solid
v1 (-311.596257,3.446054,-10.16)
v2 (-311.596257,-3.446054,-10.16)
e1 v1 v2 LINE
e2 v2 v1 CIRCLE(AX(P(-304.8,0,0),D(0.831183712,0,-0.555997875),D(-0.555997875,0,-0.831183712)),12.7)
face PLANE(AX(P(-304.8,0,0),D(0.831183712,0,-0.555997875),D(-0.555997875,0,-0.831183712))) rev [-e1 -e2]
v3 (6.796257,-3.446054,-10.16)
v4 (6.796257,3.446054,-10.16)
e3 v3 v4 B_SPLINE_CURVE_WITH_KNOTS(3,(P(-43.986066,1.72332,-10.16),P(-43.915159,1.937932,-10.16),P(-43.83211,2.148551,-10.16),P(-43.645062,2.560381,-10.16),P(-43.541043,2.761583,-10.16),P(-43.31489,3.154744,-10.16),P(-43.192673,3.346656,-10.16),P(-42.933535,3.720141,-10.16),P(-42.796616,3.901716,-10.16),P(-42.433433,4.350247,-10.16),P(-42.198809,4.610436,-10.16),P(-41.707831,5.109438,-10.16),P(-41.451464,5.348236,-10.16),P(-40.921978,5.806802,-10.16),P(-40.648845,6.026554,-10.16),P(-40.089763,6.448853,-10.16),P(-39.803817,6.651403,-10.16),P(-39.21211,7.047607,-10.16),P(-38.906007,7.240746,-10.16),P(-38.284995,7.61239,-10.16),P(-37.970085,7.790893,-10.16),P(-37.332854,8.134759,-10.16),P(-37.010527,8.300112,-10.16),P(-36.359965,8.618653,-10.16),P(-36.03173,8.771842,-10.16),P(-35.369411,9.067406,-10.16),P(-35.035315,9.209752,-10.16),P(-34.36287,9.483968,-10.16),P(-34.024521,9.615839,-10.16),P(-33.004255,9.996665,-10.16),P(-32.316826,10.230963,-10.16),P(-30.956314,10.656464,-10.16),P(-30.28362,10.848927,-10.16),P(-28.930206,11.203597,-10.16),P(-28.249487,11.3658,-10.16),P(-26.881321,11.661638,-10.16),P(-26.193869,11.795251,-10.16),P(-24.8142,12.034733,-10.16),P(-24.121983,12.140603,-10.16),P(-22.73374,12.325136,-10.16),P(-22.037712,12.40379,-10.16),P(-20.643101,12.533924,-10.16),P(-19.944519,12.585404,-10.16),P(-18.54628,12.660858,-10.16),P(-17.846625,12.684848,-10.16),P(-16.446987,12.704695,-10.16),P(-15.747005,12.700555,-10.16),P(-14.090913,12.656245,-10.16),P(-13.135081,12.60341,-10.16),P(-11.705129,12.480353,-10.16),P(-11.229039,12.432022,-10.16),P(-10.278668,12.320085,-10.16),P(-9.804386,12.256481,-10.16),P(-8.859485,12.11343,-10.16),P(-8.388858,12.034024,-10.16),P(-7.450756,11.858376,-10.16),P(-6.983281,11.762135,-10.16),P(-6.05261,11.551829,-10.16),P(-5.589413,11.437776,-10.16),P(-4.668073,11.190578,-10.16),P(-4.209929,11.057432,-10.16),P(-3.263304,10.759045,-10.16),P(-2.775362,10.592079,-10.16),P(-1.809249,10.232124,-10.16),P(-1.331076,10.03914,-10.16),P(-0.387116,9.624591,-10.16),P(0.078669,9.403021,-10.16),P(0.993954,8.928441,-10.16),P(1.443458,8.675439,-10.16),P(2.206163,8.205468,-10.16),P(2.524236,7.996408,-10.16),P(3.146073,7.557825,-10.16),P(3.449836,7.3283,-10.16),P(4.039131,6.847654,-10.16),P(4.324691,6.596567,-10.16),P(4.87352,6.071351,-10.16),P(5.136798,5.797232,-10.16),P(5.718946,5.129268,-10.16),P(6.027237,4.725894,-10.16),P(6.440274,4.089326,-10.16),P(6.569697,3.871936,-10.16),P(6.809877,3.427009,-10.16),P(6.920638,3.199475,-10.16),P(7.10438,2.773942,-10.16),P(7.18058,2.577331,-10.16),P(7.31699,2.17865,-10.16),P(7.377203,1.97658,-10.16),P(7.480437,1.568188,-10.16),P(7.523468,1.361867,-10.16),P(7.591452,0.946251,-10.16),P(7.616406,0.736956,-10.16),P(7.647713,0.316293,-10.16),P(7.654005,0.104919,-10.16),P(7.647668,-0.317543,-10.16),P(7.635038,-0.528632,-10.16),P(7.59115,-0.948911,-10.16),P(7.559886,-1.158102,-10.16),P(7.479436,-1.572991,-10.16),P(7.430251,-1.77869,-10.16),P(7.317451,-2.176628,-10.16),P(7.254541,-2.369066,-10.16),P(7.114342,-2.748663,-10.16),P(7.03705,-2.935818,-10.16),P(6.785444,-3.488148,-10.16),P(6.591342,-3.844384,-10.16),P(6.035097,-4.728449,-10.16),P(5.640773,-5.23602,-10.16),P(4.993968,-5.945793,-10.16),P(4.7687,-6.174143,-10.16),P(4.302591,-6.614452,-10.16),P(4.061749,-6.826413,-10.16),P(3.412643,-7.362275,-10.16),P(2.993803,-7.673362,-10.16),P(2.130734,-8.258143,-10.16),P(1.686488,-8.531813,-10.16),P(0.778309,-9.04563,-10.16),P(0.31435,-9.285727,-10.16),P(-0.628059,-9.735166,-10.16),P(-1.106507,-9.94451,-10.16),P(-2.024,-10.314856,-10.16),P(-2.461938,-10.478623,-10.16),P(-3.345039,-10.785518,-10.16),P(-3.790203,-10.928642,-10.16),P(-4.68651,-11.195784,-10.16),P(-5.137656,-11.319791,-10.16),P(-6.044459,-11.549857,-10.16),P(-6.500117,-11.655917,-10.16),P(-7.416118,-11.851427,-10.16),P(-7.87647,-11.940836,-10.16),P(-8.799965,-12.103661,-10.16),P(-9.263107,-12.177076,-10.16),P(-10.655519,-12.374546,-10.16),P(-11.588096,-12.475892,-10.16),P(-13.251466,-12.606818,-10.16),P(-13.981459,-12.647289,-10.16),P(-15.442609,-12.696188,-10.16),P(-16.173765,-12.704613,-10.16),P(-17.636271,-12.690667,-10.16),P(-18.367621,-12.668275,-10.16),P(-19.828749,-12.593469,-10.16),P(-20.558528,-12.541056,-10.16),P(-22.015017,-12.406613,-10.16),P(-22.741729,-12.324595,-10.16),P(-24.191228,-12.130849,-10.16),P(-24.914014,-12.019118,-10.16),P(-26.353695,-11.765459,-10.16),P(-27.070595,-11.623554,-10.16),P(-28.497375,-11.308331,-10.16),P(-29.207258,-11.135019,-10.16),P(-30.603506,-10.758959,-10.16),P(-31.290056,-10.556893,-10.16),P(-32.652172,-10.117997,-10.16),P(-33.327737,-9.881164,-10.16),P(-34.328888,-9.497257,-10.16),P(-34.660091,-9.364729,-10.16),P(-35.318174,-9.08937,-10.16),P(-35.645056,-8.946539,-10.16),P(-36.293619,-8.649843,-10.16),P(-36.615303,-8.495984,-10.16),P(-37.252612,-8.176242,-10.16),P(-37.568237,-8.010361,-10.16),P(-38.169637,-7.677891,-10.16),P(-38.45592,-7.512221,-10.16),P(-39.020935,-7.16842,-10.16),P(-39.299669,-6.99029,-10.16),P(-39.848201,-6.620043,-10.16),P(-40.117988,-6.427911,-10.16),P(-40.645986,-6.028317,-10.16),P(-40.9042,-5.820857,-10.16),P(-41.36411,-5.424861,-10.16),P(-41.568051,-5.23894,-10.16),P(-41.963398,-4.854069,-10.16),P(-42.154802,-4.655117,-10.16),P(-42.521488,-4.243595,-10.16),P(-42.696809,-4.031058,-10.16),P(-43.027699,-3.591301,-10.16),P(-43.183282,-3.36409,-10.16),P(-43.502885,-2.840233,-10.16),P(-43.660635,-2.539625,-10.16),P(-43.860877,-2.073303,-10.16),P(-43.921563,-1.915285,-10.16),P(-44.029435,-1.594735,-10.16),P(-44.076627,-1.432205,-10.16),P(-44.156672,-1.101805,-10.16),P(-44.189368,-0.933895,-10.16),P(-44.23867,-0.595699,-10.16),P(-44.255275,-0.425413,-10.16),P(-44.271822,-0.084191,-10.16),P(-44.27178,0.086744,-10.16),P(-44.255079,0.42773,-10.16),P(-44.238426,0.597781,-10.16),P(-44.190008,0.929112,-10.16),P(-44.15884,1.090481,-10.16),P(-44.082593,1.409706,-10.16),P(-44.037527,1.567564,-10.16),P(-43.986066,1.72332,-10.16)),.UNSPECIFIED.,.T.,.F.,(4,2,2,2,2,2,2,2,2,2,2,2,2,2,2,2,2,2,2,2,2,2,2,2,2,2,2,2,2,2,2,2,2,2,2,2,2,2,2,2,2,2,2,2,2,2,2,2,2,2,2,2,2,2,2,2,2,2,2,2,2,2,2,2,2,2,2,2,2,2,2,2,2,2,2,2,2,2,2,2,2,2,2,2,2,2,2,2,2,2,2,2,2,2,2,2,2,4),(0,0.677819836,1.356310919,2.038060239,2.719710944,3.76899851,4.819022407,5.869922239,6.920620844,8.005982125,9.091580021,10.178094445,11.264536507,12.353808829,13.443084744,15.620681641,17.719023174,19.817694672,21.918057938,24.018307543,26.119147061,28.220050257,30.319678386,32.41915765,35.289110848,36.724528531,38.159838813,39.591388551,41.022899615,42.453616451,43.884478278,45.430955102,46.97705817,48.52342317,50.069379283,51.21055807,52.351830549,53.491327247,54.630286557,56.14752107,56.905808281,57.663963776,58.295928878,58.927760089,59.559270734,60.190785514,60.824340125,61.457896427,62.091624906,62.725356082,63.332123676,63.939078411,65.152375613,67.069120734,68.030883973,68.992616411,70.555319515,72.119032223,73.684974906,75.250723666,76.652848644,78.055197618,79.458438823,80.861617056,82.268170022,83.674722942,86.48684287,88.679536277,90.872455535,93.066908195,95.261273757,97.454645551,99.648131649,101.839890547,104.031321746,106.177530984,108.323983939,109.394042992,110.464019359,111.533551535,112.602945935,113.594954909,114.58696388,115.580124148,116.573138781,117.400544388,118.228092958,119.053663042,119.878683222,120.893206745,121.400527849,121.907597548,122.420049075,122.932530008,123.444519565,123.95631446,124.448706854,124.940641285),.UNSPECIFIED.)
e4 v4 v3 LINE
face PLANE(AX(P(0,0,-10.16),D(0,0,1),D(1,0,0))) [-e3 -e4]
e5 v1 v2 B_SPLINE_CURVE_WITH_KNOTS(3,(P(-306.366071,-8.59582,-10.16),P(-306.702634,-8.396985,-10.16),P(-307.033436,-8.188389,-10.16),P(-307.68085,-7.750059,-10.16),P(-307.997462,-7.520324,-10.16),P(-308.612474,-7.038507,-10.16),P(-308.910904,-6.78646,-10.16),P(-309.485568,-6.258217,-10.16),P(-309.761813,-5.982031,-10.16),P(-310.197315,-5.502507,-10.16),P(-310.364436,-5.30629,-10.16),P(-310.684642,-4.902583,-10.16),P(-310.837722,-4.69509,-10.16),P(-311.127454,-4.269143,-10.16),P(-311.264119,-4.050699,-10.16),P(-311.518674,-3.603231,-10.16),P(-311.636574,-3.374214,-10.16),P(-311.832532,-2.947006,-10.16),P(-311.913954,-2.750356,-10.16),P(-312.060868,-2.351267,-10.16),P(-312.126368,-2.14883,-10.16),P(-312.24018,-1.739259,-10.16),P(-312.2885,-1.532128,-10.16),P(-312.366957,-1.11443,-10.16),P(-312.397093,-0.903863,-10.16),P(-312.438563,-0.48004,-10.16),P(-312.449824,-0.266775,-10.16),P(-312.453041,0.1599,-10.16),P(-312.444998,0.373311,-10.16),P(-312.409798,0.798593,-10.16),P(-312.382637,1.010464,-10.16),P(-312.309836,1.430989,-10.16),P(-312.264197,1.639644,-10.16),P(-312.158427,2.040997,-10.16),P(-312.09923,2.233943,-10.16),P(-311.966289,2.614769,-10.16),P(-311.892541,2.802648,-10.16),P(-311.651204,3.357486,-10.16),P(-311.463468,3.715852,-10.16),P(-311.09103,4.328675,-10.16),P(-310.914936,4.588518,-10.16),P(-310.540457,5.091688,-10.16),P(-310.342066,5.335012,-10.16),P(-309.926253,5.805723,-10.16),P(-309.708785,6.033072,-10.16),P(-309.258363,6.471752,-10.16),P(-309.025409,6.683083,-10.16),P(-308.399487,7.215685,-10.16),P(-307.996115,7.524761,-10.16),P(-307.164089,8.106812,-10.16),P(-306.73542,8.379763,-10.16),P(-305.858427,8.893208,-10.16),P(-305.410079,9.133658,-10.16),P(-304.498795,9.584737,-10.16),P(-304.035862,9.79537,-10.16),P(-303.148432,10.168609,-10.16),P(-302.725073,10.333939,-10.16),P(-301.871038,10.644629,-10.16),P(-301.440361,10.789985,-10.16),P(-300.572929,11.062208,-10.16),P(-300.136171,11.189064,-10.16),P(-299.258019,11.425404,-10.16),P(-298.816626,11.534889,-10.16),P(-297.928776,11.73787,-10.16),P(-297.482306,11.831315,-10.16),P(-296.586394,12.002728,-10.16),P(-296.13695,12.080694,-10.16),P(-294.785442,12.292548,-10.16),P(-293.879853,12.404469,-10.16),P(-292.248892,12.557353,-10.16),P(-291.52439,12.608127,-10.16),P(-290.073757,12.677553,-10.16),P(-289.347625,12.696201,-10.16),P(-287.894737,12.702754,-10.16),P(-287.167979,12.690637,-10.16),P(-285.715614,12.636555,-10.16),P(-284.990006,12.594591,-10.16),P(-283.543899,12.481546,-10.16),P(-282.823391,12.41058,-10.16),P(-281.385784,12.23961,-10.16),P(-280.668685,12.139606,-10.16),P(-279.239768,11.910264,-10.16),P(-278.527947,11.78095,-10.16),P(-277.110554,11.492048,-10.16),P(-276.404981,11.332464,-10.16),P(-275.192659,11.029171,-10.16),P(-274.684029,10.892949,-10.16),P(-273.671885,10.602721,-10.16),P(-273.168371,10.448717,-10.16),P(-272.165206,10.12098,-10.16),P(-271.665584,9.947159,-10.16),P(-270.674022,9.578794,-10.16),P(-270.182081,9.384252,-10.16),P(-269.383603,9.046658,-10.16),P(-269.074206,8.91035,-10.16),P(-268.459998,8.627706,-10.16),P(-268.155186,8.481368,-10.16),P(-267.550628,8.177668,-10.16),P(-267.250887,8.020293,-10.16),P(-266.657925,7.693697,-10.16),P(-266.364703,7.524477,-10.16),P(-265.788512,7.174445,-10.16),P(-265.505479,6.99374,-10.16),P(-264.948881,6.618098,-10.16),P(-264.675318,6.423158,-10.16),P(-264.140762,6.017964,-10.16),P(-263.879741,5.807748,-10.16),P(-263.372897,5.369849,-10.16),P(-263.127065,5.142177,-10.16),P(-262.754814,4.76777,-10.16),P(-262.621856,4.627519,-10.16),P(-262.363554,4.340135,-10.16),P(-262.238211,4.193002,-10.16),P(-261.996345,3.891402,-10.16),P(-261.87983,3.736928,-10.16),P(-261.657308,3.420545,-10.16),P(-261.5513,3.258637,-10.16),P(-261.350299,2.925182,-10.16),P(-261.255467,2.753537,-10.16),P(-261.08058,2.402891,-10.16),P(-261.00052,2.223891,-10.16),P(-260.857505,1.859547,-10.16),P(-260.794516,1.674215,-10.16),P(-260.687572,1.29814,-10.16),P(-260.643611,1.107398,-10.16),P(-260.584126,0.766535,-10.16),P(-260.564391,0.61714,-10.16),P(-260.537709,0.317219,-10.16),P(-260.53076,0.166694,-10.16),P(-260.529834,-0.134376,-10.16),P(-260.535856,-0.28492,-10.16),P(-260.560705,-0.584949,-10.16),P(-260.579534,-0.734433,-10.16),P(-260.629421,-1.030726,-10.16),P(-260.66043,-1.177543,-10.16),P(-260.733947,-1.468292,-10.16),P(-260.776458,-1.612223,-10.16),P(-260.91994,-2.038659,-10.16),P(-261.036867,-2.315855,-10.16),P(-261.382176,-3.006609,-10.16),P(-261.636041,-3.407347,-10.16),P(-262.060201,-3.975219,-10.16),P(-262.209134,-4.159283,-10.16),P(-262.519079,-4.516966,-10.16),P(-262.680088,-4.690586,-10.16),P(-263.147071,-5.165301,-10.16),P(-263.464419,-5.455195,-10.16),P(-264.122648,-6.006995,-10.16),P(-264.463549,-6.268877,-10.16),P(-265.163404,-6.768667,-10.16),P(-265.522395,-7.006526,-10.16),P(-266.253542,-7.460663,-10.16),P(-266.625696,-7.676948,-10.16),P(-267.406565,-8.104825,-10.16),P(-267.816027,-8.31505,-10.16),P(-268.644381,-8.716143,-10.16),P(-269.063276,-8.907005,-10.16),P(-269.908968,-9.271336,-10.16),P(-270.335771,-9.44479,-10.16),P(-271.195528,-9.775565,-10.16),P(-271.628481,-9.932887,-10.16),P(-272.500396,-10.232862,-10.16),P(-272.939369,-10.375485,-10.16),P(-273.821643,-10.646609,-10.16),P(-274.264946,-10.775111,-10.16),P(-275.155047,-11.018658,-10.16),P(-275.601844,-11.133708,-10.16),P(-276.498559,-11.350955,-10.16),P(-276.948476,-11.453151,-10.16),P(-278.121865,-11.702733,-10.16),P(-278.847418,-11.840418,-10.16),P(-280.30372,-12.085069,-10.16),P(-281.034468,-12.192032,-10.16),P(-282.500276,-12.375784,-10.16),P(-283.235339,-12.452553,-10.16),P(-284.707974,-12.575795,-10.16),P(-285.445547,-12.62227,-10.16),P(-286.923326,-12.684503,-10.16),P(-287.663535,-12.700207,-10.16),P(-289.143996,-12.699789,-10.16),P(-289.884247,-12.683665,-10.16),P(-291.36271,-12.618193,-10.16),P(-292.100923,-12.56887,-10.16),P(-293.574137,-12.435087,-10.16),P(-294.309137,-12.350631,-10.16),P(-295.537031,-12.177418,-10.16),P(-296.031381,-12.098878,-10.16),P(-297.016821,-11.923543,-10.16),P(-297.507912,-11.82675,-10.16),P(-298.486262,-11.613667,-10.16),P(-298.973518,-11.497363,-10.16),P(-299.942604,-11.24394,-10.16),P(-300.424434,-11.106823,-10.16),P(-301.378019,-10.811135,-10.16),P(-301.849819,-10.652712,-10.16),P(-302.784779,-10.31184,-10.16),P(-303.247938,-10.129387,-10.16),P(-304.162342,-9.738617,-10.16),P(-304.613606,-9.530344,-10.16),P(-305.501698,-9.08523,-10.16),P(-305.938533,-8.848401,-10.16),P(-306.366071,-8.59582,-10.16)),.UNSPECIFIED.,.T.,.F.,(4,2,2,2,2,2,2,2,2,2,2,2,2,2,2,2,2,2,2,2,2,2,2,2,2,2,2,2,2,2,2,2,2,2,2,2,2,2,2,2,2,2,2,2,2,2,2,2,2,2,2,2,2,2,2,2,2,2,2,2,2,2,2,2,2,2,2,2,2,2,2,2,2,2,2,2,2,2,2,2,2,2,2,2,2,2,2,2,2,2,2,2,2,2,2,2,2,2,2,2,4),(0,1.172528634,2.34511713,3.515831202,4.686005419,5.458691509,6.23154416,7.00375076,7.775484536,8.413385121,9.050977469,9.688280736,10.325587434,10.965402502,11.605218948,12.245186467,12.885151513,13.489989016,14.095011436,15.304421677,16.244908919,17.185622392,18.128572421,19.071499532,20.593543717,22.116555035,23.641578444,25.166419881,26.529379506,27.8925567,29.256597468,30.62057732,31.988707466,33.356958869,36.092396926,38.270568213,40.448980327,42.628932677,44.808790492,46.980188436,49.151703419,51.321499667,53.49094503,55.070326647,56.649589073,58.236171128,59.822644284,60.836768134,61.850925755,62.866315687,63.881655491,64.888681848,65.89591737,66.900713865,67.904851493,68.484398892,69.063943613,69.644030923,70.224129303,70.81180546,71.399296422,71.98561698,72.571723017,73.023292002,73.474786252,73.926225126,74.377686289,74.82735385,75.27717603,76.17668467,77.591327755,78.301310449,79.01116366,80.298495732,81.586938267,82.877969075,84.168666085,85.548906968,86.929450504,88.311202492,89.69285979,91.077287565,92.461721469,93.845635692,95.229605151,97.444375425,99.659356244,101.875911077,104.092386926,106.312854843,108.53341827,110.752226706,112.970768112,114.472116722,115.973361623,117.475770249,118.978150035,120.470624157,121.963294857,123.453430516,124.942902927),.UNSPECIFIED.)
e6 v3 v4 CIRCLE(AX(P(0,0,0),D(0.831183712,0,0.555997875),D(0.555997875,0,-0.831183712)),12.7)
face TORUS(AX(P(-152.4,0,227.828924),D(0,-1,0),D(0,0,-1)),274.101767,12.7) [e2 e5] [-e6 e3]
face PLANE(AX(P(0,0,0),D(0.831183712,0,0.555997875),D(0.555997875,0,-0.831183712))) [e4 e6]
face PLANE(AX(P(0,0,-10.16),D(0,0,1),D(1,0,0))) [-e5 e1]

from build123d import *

# Parameters (mm, degrees)
SKETCH2_R               = 12.7
SKETCH3_W               = 432.664370001
SKETCH3_H               = 238.427735242
CUT_EXTRUDE2_DEPTH      = 59.182
CUT_EXTRUDE2_DEPTH_BACK = 10.16


with BuildPart() as part:
    # Sweep1: sweep along a path in Sketch1
    with BuildLine(Plane(origin=(0, 0, 0), x_dir=(1, 0, 0), z_dir=(0, 1, 0))) as sweep1_path:
        ThreePointArc((-304.8, 0), (-152.4, 46.272842814), (0, 0))
    # Sketch2 → Sweep1 (sweep)
    with BuildSketch(Plane(origin=(0, 0, 0), x_dir=(0.555997875, 0, -0.831183712), z_dir=(0.831183712, 0, 0.555997875))):
        Circle(SKETCH2_R)
    sweep(path=sweep1_path.line)

    # Sketch3 → Cut-Extrude2 (cut, two sides)
    with BuildSketch(Plane.XY) as cut_extrude2_sk:
        with Locations((-163.393278764, 0)):
            Rectangle(SKETCH3_W, SKETCH3_H)
    extrude(amount=CUT_EXTRUDE2_DEPTH, mode=Mode.SUBTRACT)
    extrude(cut_extrude2_sk.sketch, amount=-CUT_EXTRUDE2_DEPTH_BACK, mode=Mode.SUBTRACT)


solid = part.part
